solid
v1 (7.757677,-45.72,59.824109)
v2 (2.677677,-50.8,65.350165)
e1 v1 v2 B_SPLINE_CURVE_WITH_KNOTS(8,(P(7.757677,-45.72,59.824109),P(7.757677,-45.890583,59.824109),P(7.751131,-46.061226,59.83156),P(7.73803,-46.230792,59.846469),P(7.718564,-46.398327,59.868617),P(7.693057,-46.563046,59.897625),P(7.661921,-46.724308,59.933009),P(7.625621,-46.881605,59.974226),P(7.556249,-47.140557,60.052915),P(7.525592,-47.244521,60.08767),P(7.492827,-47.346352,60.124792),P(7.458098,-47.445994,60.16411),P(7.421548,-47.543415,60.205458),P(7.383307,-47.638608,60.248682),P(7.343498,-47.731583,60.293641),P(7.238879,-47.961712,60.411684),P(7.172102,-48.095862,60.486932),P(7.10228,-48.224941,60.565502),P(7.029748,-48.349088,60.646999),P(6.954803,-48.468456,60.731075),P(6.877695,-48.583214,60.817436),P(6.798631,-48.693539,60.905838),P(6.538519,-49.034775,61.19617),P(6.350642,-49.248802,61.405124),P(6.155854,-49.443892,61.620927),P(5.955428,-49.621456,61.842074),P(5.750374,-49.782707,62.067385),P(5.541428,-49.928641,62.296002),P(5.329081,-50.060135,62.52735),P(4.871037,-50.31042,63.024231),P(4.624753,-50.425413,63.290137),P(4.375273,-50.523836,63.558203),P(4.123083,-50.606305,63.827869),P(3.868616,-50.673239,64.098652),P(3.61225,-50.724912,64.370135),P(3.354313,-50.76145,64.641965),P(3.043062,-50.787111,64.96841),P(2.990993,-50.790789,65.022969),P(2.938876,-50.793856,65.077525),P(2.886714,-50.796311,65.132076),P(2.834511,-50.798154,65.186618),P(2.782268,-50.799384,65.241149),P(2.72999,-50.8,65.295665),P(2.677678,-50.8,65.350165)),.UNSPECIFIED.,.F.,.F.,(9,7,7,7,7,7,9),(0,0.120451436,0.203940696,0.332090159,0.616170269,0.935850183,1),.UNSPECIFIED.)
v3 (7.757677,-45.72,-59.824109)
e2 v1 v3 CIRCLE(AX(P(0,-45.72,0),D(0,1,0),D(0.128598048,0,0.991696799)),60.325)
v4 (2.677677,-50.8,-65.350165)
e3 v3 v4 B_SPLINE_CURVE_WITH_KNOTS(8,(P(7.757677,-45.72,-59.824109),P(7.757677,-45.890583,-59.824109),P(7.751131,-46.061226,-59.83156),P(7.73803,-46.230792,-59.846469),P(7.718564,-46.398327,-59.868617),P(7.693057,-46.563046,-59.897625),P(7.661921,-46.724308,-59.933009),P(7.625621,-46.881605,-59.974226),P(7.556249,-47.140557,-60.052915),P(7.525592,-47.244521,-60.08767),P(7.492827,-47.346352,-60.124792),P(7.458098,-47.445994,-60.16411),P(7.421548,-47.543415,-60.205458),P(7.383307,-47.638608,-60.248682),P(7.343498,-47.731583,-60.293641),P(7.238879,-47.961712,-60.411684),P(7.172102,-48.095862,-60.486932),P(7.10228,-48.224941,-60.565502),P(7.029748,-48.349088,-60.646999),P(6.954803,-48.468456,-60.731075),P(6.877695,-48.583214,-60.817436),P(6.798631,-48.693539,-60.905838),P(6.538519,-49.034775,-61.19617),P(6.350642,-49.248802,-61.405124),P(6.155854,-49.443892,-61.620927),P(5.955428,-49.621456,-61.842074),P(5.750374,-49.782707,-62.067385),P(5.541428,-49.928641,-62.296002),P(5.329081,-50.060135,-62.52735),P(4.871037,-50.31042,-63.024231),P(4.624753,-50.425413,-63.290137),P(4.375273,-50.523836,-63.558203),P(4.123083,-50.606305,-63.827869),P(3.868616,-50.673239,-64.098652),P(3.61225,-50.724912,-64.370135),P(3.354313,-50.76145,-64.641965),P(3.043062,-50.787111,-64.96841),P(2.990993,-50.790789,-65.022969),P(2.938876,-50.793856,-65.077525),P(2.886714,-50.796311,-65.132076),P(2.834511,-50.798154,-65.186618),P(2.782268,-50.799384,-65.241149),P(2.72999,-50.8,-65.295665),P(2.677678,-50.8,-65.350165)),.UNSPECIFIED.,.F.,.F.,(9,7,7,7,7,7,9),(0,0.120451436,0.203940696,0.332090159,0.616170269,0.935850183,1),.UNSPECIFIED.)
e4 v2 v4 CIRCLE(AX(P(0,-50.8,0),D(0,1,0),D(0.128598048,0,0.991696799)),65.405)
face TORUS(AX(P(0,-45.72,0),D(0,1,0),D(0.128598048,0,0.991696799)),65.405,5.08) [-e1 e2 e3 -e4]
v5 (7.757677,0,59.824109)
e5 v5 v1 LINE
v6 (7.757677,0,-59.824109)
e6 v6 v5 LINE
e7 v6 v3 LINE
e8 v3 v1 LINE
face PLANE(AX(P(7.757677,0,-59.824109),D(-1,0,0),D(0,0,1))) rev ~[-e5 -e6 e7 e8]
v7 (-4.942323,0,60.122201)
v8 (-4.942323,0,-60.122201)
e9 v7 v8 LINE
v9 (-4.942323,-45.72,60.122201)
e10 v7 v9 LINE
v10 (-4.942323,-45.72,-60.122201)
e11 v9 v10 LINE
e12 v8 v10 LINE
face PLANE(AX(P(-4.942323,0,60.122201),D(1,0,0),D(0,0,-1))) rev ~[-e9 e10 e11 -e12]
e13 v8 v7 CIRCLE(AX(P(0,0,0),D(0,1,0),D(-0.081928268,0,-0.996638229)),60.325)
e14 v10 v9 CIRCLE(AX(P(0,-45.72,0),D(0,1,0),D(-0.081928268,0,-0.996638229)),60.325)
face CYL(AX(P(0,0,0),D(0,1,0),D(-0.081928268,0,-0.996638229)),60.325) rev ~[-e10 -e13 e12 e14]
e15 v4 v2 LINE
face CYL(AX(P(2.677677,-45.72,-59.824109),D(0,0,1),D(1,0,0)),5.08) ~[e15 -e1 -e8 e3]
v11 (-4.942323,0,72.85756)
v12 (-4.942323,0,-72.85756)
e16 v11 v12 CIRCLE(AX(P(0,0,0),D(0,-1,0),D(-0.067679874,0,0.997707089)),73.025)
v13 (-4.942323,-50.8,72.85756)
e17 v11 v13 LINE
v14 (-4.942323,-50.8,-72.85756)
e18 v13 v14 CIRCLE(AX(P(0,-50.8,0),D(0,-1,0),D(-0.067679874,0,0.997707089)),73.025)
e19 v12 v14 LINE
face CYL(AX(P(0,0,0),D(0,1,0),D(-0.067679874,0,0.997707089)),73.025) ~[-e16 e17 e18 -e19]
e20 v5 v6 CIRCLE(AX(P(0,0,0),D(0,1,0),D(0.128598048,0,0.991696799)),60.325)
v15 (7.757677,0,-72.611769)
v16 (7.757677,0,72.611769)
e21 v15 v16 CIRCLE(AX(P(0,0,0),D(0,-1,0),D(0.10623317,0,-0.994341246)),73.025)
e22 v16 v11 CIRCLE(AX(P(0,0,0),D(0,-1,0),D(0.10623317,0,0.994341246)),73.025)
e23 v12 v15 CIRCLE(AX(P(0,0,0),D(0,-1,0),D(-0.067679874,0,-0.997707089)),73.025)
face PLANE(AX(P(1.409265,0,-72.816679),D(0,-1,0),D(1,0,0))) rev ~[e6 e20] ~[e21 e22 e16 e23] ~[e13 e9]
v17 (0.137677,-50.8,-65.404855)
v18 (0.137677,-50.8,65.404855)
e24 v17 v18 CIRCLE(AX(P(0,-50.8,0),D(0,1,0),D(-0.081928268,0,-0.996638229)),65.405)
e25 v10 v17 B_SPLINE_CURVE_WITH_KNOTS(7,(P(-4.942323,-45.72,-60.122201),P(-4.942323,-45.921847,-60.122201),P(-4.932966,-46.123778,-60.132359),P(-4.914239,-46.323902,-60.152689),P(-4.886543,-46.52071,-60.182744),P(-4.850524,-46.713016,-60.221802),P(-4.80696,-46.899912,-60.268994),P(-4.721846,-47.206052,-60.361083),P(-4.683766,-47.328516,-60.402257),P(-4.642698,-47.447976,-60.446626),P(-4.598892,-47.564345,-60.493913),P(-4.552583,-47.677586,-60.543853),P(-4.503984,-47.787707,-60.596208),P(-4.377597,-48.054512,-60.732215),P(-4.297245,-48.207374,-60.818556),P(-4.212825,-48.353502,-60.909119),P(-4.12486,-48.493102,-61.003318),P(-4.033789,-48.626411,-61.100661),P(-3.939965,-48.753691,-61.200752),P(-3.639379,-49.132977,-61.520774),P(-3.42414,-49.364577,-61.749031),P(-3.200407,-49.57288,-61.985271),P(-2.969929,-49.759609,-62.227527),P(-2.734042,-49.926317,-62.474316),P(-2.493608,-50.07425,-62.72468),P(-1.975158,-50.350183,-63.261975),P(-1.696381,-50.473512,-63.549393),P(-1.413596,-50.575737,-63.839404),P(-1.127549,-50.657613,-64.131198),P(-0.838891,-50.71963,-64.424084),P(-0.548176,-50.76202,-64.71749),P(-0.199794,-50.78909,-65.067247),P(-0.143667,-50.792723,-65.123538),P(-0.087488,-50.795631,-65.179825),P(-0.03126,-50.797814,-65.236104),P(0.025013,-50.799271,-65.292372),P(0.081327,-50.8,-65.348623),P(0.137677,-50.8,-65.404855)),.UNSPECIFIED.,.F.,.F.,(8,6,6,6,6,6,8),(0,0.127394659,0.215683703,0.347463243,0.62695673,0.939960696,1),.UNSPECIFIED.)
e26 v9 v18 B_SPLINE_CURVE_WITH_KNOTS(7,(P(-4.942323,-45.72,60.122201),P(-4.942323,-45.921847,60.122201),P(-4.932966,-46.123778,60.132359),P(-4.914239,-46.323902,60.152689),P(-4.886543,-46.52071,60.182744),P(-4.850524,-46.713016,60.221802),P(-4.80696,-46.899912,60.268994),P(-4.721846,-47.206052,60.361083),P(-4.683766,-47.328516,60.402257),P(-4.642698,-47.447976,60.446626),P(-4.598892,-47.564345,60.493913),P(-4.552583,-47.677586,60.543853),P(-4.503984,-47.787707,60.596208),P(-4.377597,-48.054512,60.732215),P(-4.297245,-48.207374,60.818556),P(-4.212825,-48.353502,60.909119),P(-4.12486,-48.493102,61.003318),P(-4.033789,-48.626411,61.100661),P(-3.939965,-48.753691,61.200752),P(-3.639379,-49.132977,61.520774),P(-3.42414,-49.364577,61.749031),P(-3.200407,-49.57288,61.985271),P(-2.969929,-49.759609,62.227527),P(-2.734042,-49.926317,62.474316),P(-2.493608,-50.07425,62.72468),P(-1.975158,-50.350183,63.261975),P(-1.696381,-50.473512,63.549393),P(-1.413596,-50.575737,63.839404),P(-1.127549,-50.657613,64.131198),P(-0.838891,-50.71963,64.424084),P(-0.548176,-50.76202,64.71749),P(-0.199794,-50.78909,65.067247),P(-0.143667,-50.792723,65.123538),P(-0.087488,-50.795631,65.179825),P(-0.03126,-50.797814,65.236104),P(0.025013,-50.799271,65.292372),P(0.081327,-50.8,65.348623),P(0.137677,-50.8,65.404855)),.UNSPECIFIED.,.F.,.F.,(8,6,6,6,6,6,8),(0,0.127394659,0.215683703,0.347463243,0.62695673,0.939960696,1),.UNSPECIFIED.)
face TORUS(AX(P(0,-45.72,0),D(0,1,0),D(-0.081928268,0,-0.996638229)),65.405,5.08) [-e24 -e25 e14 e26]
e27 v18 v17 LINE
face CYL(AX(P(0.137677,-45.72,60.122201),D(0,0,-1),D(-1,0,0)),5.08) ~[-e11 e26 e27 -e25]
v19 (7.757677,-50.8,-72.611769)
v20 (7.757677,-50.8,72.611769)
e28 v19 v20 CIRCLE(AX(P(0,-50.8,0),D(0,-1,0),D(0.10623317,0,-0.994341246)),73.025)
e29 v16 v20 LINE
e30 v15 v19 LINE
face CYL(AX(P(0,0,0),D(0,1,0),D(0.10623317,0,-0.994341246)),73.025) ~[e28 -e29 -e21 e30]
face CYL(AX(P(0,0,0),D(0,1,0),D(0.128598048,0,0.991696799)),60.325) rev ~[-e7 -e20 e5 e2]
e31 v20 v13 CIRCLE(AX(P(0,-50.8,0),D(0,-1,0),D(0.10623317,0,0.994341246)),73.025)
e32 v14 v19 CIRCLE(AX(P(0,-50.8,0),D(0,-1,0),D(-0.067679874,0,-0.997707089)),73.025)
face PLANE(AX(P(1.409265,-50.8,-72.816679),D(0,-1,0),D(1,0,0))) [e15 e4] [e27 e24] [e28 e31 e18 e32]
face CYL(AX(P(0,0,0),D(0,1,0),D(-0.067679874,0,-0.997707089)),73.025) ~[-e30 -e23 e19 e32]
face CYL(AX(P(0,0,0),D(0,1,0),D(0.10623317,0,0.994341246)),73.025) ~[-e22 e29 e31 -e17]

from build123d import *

# Parameters (mm, degrees)
F1_DEPTH = 50.8
F2_R     = 5.08


with BuildPart() as f1:
    # F0 (on Front) → F1 (new body)
    with BuildSketch(Plane.XZ):
        with BuildLine():
            ThreePointArc((-4.942322765, -72.8575601478), (1.4130316555, -73.0113276591), (7.757677235, -72.6117694931))
            Line((7.757677235, -72.6117694931), (-4.942322765, -72.8575601478))
        make_face()
        with BuildLine():
            Line((-4.942322765, 60.1222011464), (-4.942322765, 72.8575601478))
            ThreePointArc((-4.942322765, 72.8575601478), (-73.025, 0), (-4.942322765, -72.8575601478))
            Line((-4.942322765, -72.8575601478), (-4.942322765, -60.1222011464))
            ThreePointArc((-4.942322765, -60.1222011464), (-60.325, 0), (-4.942322765, 60.1222011464))
        make_face()
        with BuildLine():
            ThreePointArc((7.757677235, -72.6117694931), (54.3100129124, -48.8167299443), (73.025, 0))
            ThreePointArc((73.025, 0), (54.3100129124, 48.8167299443), (7.757677235, 72.6117694931))
            Line((7.757677235, 72.6117694931), (7.757677235, 59.8241094285))
            ThreePointArc((7.757677235, 59.8241094285), (45.3160429881, 39.8191144163), (60.325, 0))
            ThreePointArc((60.325, 0), (45.3160429881, -39.8191144163), (7.757677235, -59.8241094285))
            Line((7.757677235, -59.8241094285), (7.757677235, -72.6117694931))
        make_face()
        with BuildLine():
            Line((-4.942322765, -72.8575601478), (7.757677235, -72.6117694931))
            Line((7.757677235, -72.6117694931), (7.757677235, -59.8241094285))
            ThreePointArc((7.757677235, -59.8241094285), (1.4155457838, -60.3083895916), (-4.942322765, -60.1222011464))
            Line((-4.942322765, -60.1222011464), (-4.942322765, -72.8575601478))
        make_face()
        with BuildLine():
            Line((7.757677235, -59.8241094285), (7.757677235, 59.8241094285))
            ThreePointArc((7.757677235, 59.8241094285), (1.4155457838, 60.3083895916), (-4.942322765, 60.1222011464))
            Line((-4.942322765, 60.1222011464), (-4.942322765, -60.1222011464))
            ThreePointArc((-4.942322765, -60.1222011464), (1.4155457838, -60.3083895916), (7.757677235, -59.8241094285))
        make_face()
        with BuildLine():
            Line((7.757677235, 59.8241094285), (7.757677235, 72.6117694931))
            ThreePointArc((7.757677235, 72.6117694931), (1.4130316555, 73.0113276591), (-4.942322765, 72.8575601478))
            Line((-4.942322765, 72.8575601478), (-4.942322765, 60.1222011464))
            ThreePointArc((-4.942322765, 60.1222011464), (1.4155457838, 60.3083895916), (7.757677235, 59.8241094285))
        make_face()
    extrude(amount=F1_DEPTH)

    # F2
    f2_edges = [f1.edges().sort_by_distance(p)[0] for p in [
        (-60.325, -50.8, 0),
        (60.325, -50.8, 0),
        (-4.942323, -50.8, 0),
        (7.757677, -50.8, 0),
    ]]
    fillet(f2_edges, radius=F2_R)


solid = f1.part
